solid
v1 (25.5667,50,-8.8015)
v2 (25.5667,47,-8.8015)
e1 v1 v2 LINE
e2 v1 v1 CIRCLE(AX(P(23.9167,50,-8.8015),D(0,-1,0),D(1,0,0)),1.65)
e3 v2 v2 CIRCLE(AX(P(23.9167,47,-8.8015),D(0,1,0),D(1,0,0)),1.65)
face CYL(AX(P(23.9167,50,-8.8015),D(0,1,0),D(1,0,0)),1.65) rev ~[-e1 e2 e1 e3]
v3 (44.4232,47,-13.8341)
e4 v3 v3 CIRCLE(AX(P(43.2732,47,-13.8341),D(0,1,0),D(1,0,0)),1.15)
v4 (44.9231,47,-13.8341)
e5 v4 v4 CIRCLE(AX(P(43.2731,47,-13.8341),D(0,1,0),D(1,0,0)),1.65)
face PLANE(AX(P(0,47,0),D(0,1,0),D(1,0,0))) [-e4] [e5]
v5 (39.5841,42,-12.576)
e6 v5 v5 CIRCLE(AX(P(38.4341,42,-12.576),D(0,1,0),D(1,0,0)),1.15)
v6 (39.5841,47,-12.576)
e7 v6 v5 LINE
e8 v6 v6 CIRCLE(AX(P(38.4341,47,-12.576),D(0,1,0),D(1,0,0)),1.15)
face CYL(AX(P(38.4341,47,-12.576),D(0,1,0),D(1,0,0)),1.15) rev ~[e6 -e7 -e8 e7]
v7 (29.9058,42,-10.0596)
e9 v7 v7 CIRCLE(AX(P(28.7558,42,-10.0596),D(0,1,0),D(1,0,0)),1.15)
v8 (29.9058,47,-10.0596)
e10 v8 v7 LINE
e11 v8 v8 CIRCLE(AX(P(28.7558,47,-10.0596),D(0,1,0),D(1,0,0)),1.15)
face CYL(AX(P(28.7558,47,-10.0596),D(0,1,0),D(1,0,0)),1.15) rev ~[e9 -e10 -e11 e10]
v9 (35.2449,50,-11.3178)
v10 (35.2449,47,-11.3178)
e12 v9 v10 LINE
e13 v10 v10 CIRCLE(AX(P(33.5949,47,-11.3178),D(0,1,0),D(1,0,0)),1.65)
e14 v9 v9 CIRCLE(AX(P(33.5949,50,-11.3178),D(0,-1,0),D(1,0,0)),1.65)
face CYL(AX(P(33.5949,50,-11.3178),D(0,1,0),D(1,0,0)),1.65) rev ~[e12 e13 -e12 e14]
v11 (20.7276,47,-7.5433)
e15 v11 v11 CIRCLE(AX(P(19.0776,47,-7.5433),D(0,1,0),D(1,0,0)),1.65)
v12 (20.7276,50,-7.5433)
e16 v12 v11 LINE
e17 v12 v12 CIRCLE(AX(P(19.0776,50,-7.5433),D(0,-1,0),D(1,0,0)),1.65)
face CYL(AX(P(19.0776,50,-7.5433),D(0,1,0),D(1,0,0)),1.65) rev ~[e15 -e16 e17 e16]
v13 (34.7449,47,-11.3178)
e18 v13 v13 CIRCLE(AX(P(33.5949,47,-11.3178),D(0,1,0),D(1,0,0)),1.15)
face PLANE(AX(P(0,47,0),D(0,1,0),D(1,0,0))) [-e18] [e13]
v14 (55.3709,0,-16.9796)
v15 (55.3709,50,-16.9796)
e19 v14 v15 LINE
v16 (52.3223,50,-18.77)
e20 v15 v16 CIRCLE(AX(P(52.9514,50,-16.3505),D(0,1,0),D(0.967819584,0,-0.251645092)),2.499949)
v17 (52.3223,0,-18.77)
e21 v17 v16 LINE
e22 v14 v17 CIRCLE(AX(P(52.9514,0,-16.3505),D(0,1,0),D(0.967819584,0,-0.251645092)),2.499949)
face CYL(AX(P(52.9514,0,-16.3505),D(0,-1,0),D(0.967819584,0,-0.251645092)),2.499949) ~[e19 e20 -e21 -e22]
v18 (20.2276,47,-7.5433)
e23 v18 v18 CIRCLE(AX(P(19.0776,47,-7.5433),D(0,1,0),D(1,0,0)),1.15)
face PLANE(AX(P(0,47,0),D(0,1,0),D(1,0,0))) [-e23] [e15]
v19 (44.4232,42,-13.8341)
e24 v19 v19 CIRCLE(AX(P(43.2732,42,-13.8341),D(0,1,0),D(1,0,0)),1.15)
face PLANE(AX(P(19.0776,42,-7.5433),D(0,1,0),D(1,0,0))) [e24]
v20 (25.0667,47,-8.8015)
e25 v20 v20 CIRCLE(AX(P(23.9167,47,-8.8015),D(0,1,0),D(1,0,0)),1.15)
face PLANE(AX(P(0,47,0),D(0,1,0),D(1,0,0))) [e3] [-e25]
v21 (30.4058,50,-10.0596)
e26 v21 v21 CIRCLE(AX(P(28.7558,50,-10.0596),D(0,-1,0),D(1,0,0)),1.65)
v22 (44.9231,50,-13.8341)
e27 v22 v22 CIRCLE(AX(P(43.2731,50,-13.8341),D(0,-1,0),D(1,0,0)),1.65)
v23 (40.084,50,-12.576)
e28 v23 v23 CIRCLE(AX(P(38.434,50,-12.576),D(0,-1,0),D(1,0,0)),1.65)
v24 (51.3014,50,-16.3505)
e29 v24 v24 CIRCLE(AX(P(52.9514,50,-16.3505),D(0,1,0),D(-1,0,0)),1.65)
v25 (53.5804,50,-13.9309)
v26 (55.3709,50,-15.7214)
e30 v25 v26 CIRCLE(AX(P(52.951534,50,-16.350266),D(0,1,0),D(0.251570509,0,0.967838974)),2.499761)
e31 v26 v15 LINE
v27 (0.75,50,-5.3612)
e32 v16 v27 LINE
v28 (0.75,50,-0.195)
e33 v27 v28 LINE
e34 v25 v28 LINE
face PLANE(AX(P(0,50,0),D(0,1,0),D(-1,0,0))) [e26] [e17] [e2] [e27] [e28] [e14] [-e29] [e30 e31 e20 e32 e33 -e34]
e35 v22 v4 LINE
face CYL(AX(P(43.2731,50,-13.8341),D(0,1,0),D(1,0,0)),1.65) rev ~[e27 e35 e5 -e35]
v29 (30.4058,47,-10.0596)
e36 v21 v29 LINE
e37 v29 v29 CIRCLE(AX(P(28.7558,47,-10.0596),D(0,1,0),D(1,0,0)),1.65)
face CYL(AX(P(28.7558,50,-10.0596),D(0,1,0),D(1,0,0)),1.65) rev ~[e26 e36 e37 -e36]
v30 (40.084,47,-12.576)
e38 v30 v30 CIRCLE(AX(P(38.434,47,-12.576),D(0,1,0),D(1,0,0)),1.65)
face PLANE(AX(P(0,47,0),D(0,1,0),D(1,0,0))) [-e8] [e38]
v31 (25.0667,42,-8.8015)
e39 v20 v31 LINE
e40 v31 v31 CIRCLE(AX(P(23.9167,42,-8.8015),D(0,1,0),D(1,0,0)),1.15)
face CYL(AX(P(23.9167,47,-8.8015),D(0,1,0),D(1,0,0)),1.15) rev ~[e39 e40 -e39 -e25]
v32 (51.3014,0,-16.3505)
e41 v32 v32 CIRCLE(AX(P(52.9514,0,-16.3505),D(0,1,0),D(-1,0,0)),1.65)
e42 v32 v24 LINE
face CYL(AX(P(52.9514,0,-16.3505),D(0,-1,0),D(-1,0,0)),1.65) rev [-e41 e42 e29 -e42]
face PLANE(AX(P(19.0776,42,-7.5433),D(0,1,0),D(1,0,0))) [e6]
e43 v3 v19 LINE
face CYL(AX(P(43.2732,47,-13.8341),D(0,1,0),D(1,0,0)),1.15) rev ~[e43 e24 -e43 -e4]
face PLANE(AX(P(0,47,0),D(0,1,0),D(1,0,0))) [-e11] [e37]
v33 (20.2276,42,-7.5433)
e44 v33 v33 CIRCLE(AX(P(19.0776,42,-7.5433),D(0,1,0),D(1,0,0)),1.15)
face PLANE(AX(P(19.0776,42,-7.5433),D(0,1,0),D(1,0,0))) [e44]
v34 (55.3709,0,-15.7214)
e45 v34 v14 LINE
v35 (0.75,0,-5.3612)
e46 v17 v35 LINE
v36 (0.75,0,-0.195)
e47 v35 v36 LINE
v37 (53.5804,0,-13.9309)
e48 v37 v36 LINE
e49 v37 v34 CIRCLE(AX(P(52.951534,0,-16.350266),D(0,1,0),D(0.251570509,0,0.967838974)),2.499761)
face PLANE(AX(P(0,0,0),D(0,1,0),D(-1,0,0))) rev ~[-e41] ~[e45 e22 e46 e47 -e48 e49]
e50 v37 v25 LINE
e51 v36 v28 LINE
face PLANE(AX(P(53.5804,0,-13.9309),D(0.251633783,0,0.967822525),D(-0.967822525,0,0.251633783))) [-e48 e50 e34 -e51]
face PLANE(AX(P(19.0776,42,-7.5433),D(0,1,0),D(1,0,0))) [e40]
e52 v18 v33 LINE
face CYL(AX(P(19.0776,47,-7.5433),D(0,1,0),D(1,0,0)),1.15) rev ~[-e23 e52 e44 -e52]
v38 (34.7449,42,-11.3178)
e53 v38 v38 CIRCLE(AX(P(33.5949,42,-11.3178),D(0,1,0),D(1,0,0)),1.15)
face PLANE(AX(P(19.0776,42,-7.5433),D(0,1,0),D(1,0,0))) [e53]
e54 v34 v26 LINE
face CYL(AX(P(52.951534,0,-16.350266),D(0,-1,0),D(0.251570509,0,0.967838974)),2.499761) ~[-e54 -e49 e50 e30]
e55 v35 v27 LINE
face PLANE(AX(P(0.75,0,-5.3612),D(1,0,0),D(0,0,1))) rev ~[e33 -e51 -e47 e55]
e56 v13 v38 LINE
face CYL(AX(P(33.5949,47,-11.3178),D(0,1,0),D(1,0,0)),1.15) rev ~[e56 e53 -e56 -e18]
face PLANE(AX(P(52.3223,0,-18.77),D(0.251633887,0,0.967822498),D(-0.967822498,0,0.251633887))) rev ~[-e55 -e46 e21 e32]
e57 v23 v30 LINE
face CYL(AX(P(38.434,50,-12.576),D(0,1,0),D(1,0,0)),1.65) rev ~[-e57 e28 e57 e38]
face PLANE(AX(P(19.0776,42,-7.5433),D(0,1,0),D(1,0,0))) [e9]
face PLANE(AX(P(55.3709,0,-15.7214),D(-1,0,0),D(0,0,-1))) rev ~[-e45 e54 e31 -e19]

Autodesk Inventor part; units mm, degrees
ref_plane "YZ Plane" through (0, 0, 0) normal (1, 0, 0) x (0, 1, 0)
ref_plane "XZ Plane" through (0, 0, 0) normal (0, 1, 0) x (-1, 0, 0)
ref_plane "XY Plane" through (0, 0, 0) normal (0, 0, 1) x (1, 0, 0)
sketch "Эскиз1" plane through (0, 0, 0) normal (0, 1, 0) x (-1, 0, 0)
  line L0 (-53.5804, -13.9309) -> (-0.75, -0.195)
  line L1 (-52.3223, -18.77) -> (-0.75, -5.3612)
  line L2 (-55.3709, -15.7214) -> (-55.3709, -16.9796)
  circle A0 centre (-52.9514, -16.3505) radius 1.65
  line L3 (-0.75, -5.3612) -> (-0.75, -0.195)
  arc A1 (-55.3709, -16.9796) -> (-52.3223, -18.77) centre (-52.9514, -16.3505) ccw
  arc A2 (-53.5804, -13.9309) -> (-55.3709, -15.7214) centre (-52.9514, -16.3505) ccw
  point P0 (0, 0)
extrude "Выдавливание1" add sketch "Эскиз1" along normal blind 50
sketch "Эскиз24" plane through (0, 50, 0) normal (0, 1, 0) x (1, 0, 0)
  circle A0 centre (52.9514, 16.3505) radius 1.65 projected
  line L0 (52.9514, 16.3505) -> (43.2731, 13.8341)
  circle A1 centre (43.2731, 13.8341) radius 1.65
  circle A2 centre (38.434, 12.576) radius 1.65
  line L1 (48.1122, 15.0923) -> (38.434, 12.576)
  circle A3 centre (33.5949, 11.3178) radius 1.65
  line L2 (43.2731, 13.8341) -> (33.5949, 11.3178)
  circle A4 centre (28.7558, 10.0596) radius 1.65
  line L3 (38.434, 12.576) -> (28.7558, 10.0596)
  circle A5 centre (23.9167, 8.8015) radius 1.65
  line L4 (33.5949, 11.3178) -> (23.9167, 8.8015)
  circle A6 centre (19.0776, 7.5433) radius 1.65
  line L5 (28.7558, 10.0596) -> (19.0776, 7.5433)
  point P0 (0, 0)
  dimension "d126" = 3.3
  dimension "d129" = 5
extrude "Выдавливание24" cut sketch "Эскиз24" against normal blind 3 contours A6 | A5 L5 L4 | L4 L5 A5 | A4 L4 L3 | L3 L4 A4 | A3 L3 L2 | L2 L3 A3 | A2 L2 L1 | L1 L2 A2 | A1 L1 L0 | L0 L1 A1
sketch "Эскиз25" plane through (19.0776, 47, -7.5433) normal (0, 1, 0) x (1, 0, 0)
  circle A0 centre (0, 0) radius 1.65 projected
  circle A1 centre (0, 0) radius 1.15
  circle A2 centre (4.8391, 1.2582) radius 1.65 projected
  circle A3 centre (4.8391, 1.2582) radius 1.15
  circle A4 centre (9.6782, 2.5163) radius 1.65 projected
  circle A5 centre (9.6782, 2.5163) radius 1.15
  circle A6 centre (14.5173, 3.7745) radius 1.65 projected
  circle A7 centre (14.5173, 3.7745) radius 1.15
  circle A8 centre (19.3565, 5.0327) radius 1.65 projected
  circle A9 centre (19.3565, 5.0327) radius 1.15
  circle A10 centre (24.1956, 6.2908) radius 1.65 projected
  circle A11 centre (24.1956, 6.2908) radius 1.15
  point P0 (-19.0776, -7.5433)
  dimension "d136" = 2.3
  dimension "d137" = 2.3
  dimension "d138" = 2.3
  dimension "d139" = 2.3
  dimension "d140" = 2.3
  dimension "d141" = 2.3
extrude "Выдавливание25" cut sketch "Эскиз25" against normal blind 5 contours A1 | A3 | A5 | A7 | A9 | A11
properties part number "only_gate"
